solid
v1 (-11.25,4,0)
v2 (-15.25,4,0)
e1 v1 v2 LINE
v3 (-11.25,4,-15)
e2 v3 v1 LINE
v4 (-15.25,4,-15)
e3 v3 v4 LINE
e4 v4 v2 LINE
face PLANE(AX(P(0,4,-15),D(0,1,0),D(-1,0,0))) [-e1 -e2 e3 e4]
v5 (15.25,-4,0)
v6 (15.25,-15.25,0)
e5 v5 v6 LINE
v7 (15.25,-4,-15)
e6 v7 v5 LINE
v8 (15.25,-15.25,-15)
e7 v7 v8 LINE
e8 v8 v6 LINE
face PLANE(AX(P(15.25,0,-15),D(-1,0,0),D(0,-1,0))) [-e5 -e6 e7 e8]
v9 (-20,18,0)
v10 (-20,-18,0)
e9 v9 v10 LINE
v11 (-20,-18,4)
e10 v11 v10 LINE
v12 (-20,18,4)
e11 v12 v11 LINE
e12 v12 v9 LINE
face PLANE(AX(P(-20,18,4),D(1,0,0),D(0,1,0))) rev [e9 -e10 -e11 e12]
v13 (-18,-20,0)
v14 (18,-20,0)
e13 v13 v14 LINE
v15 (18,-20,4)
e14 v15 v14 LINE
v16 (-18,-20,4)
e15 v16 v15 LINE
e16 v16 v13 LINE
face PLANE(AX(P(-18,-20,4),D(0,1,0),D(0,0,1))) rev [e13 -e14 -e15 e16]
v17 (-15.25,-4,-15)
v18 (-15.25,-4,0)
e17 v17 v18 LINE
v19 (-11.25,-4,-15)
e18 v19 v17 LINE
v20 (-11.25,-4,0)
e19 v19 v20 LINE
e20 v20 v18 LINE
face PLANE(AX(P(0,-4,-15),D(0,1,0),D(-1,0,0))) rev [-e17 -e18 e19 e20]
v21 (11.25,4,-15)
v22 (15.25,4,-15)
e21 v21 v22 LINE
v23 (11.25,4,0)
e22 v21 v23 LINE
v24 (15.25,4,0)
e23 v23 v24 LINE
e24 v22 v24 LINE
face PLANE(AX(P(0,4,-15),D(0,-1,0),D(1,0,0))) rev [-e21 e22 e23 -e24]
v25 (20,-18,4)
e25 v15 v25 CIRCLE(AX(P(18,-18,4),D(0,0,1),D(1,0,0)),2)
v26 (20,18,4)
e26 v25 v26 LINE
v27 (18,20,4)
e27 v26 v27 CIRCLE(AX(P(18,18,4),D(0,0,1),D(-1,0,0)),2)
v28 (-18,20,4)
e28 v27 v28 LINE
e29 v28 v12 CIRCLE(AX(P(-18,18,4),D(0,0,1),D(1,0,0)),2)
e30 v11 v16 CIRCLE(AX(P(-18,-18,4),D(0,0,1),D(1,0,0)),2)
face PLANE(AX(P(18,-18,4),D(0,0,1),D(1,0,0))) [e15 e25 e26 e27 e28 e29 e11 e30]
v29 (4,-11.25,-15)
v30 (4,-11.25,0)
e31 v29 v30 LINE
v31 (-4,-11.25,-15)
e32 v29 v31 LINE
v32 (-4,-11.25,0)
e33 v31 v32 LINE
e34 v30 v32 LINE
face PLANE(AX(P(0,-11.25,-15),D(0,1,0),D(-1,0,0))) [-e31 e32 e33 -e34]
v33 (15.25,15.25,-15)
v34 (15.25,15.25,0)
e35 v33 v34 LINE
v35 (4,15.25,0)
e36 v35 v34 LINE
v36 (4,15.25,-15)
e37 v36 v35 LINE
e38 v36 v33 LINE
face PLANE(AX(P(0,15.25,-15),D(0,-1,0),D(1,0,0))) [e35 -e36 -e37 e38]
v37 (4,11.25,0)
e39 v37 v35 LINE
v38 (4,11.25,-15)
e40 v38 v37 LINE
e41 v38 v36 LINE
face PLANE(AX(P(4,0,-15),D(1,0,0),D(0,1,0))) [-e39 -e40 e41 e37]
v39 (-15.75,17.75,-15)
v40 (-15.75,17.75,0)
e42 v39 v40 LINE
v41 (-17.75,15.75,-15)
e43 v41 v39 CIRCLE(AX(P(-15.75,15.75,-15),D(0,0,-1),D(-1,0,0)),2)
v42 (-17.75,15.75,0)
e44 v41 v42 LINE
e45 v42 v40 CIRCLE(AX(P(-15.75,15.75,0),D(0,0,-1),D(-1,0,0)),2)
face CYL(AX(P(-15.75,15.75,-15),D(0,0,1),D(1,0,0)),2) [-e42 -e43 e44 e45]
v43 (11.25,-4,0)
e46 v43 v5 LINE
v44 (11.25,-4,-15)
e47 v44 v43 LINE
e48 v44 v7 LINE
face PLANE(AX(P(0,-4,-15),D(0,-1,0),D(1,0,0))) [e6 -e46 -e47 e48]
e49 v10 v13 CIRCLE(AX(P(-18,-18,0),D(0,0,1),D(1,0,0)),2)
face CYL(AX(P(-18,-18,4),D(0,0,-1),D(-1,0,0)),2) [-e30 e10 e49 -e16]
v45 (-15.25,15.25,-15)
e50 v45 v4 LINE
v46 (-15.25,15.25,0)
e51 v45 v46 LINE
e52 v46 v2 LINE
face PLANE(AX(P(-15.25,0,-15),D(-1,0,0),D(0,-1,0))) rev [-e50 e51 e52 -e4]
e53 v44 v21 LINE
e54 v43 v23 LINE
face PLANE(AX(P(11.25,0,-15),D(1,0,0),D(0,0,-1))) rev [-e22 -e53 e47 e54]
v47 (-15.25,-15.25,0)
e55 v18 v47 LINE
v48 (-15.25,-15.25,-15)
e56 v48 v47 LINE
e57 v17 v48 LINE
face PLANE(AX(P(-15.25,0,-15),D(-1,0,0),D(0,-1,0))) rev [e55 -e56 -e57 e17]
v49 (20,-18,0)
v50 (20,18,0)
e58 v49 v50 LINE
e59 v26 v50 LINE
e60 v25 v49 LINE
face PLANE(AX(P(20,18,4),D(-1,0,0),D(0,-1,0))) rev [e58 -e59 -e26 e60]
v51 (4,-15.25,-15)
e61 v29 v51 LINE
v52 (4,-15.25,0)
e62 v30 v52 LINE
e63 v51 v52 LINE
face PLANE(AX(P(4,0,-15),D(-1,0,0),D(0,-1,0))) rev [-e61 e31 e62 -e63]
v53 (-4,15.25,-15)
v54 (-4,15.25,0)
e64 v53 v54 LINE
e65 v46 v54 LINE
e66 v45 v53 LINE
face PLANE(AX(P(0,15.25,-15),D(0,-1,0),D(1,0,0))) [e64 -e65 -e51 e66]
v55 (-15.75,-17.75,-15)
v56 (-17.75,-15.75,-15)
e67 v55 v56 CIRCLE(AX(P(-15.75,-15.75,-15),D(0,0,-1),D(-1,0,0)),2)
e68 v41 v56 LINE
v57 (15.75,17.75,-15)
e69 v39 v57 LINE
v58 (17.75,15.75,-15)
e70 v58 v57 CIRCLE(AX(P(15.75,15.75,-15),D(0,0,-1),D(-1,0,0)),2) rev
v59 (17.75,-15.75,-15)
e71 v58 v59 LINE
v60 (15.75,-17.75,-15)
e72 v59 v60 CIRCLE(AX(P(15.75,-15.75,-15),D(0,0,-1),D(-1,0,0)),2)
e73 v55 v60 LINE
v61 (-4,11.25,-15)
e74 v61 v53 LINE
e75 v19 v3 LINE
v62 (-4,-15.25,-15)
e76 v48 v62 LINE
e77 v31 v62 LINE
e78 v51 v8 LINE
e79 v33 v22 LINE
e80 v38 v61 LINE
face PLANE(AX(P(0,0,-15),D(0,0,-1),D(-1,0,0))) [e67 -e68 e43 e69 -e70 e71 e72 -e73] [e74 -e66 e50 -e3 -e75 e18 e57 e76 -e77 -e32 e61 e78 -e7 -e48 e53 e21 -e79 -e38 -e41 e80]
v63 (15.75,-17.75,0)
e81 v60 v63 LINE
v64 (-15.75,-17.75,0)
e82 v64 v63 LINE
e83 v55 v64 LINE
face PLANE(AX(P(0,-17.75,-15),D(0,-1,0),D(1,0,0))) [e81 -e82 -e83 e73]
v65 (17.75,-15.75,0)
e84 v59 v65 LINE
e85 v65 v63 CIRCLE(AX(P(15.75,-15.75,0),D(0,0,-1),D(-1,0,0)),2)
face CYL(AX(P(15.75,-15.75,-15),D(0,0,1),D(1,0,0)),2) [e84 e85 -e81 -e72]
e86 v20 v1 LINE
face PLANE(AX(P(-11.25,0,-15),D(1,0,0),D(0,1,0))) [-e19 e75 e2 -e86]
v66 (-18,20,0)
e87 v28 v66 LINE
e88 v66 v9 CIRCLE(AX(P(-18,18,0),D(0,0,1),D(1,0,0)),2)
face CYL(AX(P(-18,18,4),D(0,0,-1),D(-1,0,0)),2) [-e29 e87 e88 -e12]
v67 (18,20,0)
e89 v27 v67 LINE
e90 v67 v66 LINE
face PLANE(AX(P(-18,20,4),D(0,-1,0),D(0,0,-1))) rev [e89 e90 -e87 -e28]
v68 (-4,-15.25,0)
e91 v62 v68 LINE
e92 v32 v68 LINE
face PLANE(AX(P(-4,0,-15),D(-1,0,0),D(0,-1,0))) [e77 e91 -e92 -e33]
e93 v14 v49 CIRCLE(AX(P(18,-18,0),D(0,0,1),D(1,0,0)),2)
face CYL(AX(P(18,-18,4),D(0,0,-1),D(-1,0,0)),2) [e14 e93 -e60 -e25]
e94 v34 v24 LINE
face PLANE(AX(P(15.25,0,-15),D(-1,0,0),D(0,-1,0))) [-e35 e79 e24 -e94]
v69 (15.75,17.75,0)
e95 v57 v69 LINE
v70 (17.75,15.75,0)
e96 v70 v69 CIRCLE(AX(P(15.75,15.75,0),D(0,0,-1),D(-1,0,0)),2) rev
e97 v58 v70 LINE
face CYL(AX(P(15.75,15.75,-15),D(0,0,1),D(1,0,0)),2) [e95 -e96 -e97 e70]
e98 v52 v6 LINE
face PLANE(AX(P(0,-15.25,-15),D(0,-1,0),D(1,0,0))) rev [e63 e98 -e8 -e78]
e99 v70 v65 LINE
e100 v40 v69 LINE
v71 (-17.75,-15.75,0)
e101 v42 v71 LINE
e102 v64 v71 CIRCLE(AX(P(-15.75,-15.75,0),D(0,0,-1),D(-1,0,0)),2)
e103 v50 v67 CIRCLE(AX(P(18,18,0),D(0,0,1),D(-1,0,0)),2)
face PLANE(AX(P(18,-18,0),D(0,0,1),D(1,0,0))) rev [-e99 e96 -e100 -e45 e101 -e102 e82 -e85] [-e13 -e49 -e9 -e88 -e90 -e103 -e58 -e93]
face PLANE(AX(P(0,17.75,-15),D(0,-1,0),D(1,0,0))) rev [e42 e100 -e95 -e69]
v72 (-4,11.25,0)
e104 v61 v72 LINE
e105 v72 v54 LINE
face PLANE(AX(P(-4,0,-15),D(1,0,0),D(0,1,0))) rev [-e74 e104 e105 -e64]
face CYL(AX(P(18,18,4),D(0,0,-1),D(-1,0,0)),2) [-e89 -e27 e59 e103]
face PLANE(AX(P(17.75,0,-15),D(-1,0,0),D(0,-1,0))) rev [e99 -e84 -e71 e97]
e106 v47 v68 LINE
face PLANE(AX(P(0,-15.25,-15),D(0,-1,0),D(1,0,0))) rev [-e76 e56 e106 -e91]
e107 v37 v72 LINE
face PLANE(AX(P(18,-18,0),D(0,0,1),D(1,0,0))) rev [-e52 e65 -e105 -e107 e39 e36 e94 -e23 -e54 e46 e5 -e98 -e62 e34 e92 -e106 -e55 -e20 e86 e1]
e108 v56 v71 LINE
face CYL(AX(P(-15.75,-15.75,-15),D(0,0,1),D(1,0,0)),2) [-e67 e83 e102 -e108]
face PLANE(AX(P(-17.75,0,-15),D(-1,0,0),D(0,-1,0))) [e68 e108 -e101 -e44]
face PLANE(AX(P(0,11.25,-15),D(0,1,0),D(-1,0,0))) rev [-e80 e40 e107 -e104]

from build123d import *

# Parameters (mm, degrees)
P_IDAT_VYSUNUT_M1_DEPTH = 4
SKICA2_W                = 30.5
SKICA2_H                = 30.5
SKICA2_W_2              = 4
SKICA2_H_2              = 4
P_IDAT_VYSUNUT_M2_DEPTH = 15


with BuildPart() as part:
    # Skica1 → Přidat vysunutím1 (new body)
    with BuildSketch(Plane.XY):
        with BuildLine():
            Line((-18, 20), (18, 20))
            ThreePointArc((18, 20), (19.414213562, 19.414213562), (20, 18))
            Line((20, 18), (20, -18))
            ThreePointArc((20, -18), (19.414213562, -19.414213562), (18, -20))
            Line((18, -20), (-18, -20))
            ThreePointArc((-18, -20), (-19.414213562, -19.414213562), (-20, -18))
            Line((-20, -18), (-20, 18))
            ThreePointArc((-20, 18), (-19.414213562, 19.414213562), (-18, 20))
        make_face()
    extrude(amount=P_IDAT_VYSUNUT_M1_DEPTH)

    # Skica2 → Přidat vysunutím2 (add)
    with BuildSketch(Plane(origin=(0, 0, 0), x_dir=(-1, 0, 0), z_dir=(0, 0, -1))):
        with BuildLine():
            ThreePointArc((-17.75, 15.75), (-17.164213562, 17.164213562), (-15.75, 17.75))
            Line((-15.75, 17.75), (15.75, 17.75))
            ThreePointArc((15.75, 17.75), (17.164213562, 17.164213562), (17.75, 15.75))
            Line((17.75, 15.75), (17.75, -15.75))
            ThreePointArc((17.75, -15.75), (17.164213562, -17.164213562), (15.75, -17.75))
            Line((15.75, -17.75), (-15.75, -17.75))
            ThreePointArc((-15.75, -17.75), (-17.164213562, -17.164213562), (-17.75, -15.75))
            Line((-17.75, -15.75), (-17.75, 15.75))
        make_face()
        Rectangle(SKICA2_W, SKICA2_H, mode=Mode.SUBTRACT)
        with Locations((-2, 13.25)):
            Rectangle(SKICA2_W_2, SKICA2_H_2)
        with Locations((2, 13.25)):
            Rectangle(SKICA2_W_2, SKICA2_H_2)
        with Locations((13.25, 2)):
            Rectangle(SKICA2_W_2, SKICA2_H_2)
        with Locations((13.25, -2)):
            Rectangle(SKICA2_W_2, SKICA2_H_2)
        with Locations((2, -13.25)):
            Rectangle(SKICA2_W_2, SKICA2_H_2)
        with Locations((-2, -13.25)):
            Rectangle(SKICA2_W_2, SKICA2_H_2)
        with Locations((-13.25, 2)):
            Rectangle(SKICA2_W_2, SKICA2_H_2)
        with Locations((-13.25, -2)):
            Rectangle(SKICA2_W_2, SKICA2_H_2)
    extrude(amount=P_IDAT_VYSUNUT_M2_DEPTH)


solid = part.part
